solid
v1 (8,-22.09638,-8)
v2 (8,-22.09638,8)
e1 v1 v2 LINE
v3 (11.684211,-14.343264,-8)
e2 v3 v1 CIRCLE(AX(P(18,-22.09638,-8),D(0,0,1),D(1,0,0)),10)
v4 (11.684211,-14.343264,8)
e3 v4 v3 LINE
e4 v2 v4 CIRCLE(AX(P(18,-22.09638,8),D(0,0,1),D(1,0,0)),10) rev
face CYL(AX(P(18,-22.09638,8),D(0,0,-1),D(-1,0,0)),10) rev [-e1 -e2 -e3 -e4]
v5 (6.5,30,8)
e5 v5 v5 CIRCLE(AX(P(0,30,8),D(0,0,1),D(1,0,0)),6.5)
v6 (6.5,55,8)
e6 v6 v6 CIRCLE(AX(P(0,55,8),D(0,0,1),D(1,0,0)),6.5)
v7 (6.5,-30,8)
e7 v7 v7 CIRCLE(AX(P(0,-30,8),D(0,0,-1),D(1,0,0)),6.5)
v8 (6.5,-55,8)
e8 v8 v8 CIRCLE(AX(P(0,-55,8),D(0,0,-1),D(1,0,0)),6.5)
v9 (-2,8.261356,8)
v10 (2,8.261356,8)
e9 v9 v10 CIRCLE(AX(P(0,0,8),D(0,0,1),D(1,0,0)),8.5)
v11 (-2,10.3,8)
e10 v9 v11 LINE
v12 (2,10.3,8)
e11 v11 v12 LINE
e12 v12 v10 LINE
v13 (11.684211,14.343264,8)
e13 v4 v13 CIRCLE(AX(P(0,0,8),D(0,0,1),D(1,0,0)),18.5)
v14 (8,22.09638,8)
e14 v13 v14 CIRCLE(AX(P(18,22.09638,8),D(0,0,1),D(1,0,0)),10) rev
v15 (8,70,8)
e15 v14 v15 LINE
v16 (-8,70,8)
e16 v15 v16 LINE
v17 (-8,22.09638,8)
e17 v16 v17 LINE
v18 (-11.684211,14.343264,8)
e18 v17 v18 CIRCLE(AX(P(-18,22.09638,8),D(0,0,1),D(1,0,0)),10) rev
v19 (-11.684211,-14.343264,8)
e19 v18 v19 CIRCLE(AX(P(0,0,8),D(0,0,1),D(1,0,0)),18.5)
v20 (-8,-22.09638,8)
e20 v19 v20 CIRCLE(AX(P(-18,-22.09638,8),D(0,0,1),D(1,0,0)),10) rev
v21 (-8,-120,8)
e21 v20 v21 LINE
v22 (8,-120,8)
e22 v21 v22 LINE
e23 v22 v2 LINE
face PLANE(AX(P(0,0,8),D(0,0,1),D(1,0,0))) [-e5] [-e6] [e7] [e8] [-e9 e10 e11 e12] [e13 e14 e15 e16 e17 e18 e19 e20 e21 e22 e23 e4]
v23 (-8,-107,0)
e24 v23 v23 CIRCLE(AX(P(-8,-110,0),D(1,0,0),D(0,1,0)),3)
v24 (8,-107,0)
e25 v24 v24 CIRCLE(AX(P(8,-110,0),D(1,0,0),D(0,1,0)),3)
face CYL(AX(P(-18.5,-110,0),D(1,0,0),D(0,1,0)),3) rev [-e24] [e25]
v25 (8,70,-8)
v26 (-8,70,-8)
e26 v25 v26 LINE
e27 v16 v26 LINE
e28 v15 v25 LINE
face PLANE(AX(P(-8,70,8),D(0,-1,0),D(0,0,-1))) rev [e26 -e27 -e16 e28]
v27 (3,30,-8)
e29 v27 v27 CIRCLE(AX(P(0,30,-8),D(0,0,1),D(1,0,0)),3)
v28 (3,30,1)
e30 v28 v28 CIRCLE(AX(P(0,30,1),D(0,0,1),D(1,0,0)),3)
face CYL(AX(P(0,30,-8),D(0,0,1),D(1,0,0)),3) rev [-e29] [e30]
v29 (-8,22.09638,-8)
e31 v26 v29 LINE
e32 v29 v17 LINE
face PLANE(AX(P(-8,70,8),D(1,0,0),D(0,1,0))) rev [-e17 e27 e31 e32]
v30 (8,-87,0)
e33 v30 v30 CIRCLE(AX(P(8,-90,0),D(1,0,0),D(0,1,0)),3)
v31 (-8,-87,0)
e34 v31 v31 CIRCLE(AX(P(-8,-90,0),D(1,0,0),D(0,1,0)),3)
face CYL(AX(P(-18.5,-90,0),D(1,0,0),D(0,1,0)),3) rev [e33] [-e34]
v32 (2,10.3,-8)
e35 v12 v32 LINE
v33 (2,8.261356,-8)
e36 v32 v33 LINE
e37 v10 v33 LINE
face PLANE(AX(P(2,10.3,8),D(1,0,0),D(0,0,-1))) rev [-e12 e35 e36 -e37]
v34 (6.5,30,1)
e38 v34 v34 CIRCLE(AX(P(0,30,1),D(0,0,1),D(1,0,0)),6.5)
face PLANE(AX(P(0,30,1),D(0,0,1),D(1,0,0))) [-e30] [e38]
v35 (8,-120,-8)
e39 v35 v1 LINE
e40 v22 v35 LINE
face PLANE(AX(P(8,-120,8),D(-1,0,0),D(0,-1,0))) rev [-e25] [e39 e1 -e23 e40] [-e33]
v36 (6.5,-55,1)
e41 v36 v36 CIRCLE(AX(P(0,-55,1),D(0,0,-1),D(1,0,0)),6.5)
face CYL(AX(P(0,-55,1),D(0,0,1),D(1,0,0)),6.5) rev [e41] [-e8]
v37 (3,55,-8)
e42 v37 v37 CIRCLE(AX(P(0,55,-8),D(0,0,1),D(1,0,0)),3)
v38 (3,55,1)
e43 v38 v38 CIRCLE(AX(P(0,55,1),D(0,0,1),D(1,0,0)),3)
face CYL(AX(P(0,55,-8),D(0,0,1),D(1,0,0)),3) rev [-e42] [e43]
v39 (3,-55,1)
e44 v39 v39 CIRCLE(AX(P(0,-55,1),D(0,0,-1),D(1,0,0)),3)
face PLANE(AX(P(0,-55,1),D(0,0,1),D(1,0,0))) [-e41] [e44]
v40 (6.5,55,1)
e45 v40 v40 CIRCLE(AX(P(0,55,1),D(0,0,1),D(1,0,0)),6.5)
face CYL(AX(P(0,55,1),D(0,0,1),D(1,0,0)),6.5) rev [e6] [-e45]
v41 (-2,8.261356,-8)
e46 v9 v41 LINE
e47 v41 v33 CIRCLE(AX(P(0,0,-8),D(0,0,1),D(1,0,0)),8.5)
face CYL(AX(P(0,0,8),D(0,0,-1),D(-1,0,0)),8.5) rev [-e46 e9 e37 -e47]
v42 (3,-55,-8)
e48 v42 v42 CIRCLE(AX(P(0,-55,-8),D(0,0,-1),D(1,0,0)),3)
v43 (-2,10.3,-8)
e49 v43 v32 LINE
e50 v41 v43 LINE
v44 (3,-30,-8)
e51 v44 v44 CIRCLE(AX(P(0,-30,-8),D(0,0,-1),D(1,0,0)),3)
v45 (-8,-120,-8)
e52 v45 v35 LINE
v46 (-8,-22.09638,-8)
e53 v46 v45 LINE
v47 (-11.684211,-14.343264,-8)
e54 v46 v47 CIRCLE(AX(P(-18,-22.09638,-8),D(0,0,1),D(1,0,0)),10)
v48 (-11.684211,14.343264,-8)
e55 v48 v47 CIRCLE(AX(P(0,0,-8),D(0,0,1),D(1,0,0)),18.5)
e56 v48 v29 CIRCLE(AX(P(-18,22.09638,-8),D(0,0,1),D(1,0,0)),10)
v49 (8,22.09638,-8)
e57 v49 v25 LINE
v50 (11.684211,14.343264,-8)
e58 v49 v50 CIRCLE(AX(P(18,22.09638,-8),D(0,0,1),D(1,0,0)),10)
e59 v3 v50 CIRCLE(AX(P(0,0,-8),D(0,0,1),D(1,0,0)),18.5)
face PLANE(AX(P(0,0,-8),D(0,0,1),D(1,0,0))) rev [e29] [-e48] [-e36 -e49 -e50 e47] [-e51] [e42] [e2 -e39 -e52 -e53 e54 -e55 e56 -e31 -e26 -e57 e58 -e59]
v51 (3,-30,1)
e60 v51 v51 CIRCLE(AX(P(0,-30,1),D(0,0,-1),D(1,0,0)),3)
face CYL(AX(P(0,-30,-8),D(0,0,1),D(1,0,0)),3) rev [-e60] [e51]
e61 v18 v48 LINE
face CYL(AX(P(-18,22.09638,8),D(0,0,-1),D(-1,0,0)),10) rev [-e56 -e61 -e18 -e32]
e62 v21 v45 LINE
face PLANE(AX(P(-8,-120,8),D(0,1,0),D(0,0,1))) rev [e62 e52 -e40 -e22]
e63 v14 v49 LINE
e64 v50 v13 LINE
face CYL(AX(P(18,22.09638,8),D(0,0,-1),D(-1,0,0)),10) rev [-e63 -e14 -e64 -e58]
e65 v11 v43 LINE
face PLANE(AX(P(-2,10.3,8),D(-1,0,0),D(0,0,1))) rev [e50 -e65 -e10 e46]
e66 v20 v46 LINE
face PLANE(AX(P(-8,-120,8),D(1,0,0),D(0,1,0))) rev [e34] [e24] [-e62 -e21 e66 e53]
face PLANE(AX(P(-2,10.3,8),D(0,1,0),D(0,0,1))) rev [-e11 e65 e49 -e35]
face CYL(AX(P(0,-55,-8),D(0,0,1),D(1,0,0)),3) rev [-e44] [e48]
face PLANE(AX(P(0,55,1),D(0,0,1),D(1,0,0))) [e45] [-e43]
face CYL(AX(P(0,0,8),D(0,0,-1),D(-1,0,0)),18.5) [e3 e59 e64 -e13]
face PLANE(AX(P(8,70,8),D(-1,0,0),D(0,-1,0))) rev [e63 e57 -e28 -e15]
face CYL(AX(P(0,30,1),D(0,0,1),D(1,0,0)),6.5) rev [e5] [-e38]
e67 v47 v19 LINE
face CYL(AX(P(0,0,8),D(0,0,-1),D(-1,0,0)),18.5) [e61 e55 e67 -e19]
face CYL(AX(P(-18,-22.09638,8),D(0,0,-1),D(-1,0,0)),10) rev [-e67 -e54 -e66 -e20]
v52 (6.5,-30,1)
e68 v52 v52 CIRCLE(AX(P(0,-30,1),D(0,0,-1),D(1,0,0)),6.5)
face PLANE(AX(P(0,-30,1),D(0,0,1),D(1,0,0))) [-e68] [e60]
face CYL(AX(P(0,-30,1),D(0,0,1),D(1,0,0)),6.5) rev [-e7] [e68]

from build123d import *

# Parameters (mm, degrees)
SKETCH1_R           = 18.5
SKETCH1_R_2         = 8.5
BOSS_EXTRUDE1_DEPTH = 8
SKETCH2_W           = 16
SKETCH2_H           = 53.319172682
BOSS_EXTRUDE2_DEPTH = 8
SKETCH3_W           = 16
SKETCH3_H           = 103.319172682
BOSS_EXTRUDE3_DEPTH = 8
SKETCH4_W           = 4
SKETCH4_H           = 2.038644179
CUT_EXTRUDE1_DEPTH  = 123.467342586
FILLET1_R           = 10
SKETCH7_R           = 6.5
CUT_EXTRUDE3_DEPTH  = 7
SKETCH8_R           = 3
CUT_EXTRUDE4_DEPTH  = 122.750770018
SKETCH9_R           = 3
CUT_EXTRUDE5_DEPTH  = 124.151329672


with BuildPart() as part:
    # Sketch1 → Boss-Extrude1 (new, symmetric)
    with BuildSketch(Plane.XY):
        Circle(SKETCH1_R)
        Circle(SKETCH1_R_2, mode=Mode.SUBTRACT)
    extrude(amount=BOSS_EXTRUDE1_DEPTH, both=True)

    # Sketch2 → Boss-Extrude2 (add, symmetric)
    with BuildSketch(Plane.XY):
        with Locations((0, 43.340413659)):
            Rectangle(SKETCH2_W, SKETCH2_H)
    extrude(amount=BOSS_EXTRUDE2_DEPTH, both=True)

    # Sketch3 → Boss-Extrude3 (add, symmetric)
    with BuildSketch(Plane.XY):
        with Locations((0, -68.340413659)):
            Rectangle(SKETCH3_W, SKETCH3_H)
    extrude(amount=BOSS_EXTRUDE3_DEPTH, both=True)

    # Sketch4 → Cut-Extrude1 (cut, through all)
    with BuildSketch(Plane(origin=(0, 0, -8), x_dir=(-1, 0, 0), z_dir=(0, 0, -1))):
        with Locations((0, 9.28067791)):
            Rectangle(SKETCH4_W, SKETCH4_H)
    extrude(amount=-CUT_EXTRUDE1_DEPTH, mode=Mode.SUBTRACT)

    # Fillet1
    fillet1_edges = [part.edges().sort_by_distance(p)[0] for p in [
        (8, 16.680827318, 0),
        (-8, 16.680827318, 0),
        (8, -16.680827318, 0),
        (-8, -16.680827318, 0),
    ]]
    fillet(fillet1_edges, radius=FILLET1_R)

    # Sketch7 → Cut-Extrude3 (cut)
    with BuildSketch(Plane.XY.offset(8)):
        with Locations((0, 55)):
            Circle(SKETCH7_R)
        with Locations((0, 30)):
            Circle(SKETCH7_R)
    cut_extrude3 = extrude(amount=-CUT_EXTRUDE3_DEPTH, mode=Mode.SUBTRACT)

    # Mirror1: Cut-Extrude3 across plane
    add(cut_extrude3.mirror(Plane.ZX), mode=Mode.SUBTRACT)

    # Sketch8 → Cut-Extrude4 (cut, through all)
    with BuildSketch(Plane.XY.offset(1)):
        with Locations((0, 55)):
            Circle(SKETCH8_R)
        with Locations((0, 30)):
            Circle(SKETCH8_R)
    cut_extrude4 = extrude(amount=-CUT_EXTRUDE4_DEPTH, mode=Mode.SUBTRACT)

    # Mirror2: Cut-Extrude4 across plane
    add(cut_extrude4.mirror(Plane.ZX), mode=Mode.SUBTRACT)

    # Sketch9 → Cut-Extrude5 (cut, through all)
    with BuildSketch(Plane(origin=(8, 0, 0), x_dir=(0, 0, -1), z_dir=(1, 0, 0))):
        with Locations(Location((0, -110, 0), (0, 0, 90))):
            Circle(SKETCH9_R)
        with Locations(Location((0, -90, 0), (0, 0, 90))):
            Circle(SKETCH9_R)
    extrude(amount=-CUT_EXTRUDE5_DEPTH, mode=Mode.SUBTRACT)


solid = part.part
